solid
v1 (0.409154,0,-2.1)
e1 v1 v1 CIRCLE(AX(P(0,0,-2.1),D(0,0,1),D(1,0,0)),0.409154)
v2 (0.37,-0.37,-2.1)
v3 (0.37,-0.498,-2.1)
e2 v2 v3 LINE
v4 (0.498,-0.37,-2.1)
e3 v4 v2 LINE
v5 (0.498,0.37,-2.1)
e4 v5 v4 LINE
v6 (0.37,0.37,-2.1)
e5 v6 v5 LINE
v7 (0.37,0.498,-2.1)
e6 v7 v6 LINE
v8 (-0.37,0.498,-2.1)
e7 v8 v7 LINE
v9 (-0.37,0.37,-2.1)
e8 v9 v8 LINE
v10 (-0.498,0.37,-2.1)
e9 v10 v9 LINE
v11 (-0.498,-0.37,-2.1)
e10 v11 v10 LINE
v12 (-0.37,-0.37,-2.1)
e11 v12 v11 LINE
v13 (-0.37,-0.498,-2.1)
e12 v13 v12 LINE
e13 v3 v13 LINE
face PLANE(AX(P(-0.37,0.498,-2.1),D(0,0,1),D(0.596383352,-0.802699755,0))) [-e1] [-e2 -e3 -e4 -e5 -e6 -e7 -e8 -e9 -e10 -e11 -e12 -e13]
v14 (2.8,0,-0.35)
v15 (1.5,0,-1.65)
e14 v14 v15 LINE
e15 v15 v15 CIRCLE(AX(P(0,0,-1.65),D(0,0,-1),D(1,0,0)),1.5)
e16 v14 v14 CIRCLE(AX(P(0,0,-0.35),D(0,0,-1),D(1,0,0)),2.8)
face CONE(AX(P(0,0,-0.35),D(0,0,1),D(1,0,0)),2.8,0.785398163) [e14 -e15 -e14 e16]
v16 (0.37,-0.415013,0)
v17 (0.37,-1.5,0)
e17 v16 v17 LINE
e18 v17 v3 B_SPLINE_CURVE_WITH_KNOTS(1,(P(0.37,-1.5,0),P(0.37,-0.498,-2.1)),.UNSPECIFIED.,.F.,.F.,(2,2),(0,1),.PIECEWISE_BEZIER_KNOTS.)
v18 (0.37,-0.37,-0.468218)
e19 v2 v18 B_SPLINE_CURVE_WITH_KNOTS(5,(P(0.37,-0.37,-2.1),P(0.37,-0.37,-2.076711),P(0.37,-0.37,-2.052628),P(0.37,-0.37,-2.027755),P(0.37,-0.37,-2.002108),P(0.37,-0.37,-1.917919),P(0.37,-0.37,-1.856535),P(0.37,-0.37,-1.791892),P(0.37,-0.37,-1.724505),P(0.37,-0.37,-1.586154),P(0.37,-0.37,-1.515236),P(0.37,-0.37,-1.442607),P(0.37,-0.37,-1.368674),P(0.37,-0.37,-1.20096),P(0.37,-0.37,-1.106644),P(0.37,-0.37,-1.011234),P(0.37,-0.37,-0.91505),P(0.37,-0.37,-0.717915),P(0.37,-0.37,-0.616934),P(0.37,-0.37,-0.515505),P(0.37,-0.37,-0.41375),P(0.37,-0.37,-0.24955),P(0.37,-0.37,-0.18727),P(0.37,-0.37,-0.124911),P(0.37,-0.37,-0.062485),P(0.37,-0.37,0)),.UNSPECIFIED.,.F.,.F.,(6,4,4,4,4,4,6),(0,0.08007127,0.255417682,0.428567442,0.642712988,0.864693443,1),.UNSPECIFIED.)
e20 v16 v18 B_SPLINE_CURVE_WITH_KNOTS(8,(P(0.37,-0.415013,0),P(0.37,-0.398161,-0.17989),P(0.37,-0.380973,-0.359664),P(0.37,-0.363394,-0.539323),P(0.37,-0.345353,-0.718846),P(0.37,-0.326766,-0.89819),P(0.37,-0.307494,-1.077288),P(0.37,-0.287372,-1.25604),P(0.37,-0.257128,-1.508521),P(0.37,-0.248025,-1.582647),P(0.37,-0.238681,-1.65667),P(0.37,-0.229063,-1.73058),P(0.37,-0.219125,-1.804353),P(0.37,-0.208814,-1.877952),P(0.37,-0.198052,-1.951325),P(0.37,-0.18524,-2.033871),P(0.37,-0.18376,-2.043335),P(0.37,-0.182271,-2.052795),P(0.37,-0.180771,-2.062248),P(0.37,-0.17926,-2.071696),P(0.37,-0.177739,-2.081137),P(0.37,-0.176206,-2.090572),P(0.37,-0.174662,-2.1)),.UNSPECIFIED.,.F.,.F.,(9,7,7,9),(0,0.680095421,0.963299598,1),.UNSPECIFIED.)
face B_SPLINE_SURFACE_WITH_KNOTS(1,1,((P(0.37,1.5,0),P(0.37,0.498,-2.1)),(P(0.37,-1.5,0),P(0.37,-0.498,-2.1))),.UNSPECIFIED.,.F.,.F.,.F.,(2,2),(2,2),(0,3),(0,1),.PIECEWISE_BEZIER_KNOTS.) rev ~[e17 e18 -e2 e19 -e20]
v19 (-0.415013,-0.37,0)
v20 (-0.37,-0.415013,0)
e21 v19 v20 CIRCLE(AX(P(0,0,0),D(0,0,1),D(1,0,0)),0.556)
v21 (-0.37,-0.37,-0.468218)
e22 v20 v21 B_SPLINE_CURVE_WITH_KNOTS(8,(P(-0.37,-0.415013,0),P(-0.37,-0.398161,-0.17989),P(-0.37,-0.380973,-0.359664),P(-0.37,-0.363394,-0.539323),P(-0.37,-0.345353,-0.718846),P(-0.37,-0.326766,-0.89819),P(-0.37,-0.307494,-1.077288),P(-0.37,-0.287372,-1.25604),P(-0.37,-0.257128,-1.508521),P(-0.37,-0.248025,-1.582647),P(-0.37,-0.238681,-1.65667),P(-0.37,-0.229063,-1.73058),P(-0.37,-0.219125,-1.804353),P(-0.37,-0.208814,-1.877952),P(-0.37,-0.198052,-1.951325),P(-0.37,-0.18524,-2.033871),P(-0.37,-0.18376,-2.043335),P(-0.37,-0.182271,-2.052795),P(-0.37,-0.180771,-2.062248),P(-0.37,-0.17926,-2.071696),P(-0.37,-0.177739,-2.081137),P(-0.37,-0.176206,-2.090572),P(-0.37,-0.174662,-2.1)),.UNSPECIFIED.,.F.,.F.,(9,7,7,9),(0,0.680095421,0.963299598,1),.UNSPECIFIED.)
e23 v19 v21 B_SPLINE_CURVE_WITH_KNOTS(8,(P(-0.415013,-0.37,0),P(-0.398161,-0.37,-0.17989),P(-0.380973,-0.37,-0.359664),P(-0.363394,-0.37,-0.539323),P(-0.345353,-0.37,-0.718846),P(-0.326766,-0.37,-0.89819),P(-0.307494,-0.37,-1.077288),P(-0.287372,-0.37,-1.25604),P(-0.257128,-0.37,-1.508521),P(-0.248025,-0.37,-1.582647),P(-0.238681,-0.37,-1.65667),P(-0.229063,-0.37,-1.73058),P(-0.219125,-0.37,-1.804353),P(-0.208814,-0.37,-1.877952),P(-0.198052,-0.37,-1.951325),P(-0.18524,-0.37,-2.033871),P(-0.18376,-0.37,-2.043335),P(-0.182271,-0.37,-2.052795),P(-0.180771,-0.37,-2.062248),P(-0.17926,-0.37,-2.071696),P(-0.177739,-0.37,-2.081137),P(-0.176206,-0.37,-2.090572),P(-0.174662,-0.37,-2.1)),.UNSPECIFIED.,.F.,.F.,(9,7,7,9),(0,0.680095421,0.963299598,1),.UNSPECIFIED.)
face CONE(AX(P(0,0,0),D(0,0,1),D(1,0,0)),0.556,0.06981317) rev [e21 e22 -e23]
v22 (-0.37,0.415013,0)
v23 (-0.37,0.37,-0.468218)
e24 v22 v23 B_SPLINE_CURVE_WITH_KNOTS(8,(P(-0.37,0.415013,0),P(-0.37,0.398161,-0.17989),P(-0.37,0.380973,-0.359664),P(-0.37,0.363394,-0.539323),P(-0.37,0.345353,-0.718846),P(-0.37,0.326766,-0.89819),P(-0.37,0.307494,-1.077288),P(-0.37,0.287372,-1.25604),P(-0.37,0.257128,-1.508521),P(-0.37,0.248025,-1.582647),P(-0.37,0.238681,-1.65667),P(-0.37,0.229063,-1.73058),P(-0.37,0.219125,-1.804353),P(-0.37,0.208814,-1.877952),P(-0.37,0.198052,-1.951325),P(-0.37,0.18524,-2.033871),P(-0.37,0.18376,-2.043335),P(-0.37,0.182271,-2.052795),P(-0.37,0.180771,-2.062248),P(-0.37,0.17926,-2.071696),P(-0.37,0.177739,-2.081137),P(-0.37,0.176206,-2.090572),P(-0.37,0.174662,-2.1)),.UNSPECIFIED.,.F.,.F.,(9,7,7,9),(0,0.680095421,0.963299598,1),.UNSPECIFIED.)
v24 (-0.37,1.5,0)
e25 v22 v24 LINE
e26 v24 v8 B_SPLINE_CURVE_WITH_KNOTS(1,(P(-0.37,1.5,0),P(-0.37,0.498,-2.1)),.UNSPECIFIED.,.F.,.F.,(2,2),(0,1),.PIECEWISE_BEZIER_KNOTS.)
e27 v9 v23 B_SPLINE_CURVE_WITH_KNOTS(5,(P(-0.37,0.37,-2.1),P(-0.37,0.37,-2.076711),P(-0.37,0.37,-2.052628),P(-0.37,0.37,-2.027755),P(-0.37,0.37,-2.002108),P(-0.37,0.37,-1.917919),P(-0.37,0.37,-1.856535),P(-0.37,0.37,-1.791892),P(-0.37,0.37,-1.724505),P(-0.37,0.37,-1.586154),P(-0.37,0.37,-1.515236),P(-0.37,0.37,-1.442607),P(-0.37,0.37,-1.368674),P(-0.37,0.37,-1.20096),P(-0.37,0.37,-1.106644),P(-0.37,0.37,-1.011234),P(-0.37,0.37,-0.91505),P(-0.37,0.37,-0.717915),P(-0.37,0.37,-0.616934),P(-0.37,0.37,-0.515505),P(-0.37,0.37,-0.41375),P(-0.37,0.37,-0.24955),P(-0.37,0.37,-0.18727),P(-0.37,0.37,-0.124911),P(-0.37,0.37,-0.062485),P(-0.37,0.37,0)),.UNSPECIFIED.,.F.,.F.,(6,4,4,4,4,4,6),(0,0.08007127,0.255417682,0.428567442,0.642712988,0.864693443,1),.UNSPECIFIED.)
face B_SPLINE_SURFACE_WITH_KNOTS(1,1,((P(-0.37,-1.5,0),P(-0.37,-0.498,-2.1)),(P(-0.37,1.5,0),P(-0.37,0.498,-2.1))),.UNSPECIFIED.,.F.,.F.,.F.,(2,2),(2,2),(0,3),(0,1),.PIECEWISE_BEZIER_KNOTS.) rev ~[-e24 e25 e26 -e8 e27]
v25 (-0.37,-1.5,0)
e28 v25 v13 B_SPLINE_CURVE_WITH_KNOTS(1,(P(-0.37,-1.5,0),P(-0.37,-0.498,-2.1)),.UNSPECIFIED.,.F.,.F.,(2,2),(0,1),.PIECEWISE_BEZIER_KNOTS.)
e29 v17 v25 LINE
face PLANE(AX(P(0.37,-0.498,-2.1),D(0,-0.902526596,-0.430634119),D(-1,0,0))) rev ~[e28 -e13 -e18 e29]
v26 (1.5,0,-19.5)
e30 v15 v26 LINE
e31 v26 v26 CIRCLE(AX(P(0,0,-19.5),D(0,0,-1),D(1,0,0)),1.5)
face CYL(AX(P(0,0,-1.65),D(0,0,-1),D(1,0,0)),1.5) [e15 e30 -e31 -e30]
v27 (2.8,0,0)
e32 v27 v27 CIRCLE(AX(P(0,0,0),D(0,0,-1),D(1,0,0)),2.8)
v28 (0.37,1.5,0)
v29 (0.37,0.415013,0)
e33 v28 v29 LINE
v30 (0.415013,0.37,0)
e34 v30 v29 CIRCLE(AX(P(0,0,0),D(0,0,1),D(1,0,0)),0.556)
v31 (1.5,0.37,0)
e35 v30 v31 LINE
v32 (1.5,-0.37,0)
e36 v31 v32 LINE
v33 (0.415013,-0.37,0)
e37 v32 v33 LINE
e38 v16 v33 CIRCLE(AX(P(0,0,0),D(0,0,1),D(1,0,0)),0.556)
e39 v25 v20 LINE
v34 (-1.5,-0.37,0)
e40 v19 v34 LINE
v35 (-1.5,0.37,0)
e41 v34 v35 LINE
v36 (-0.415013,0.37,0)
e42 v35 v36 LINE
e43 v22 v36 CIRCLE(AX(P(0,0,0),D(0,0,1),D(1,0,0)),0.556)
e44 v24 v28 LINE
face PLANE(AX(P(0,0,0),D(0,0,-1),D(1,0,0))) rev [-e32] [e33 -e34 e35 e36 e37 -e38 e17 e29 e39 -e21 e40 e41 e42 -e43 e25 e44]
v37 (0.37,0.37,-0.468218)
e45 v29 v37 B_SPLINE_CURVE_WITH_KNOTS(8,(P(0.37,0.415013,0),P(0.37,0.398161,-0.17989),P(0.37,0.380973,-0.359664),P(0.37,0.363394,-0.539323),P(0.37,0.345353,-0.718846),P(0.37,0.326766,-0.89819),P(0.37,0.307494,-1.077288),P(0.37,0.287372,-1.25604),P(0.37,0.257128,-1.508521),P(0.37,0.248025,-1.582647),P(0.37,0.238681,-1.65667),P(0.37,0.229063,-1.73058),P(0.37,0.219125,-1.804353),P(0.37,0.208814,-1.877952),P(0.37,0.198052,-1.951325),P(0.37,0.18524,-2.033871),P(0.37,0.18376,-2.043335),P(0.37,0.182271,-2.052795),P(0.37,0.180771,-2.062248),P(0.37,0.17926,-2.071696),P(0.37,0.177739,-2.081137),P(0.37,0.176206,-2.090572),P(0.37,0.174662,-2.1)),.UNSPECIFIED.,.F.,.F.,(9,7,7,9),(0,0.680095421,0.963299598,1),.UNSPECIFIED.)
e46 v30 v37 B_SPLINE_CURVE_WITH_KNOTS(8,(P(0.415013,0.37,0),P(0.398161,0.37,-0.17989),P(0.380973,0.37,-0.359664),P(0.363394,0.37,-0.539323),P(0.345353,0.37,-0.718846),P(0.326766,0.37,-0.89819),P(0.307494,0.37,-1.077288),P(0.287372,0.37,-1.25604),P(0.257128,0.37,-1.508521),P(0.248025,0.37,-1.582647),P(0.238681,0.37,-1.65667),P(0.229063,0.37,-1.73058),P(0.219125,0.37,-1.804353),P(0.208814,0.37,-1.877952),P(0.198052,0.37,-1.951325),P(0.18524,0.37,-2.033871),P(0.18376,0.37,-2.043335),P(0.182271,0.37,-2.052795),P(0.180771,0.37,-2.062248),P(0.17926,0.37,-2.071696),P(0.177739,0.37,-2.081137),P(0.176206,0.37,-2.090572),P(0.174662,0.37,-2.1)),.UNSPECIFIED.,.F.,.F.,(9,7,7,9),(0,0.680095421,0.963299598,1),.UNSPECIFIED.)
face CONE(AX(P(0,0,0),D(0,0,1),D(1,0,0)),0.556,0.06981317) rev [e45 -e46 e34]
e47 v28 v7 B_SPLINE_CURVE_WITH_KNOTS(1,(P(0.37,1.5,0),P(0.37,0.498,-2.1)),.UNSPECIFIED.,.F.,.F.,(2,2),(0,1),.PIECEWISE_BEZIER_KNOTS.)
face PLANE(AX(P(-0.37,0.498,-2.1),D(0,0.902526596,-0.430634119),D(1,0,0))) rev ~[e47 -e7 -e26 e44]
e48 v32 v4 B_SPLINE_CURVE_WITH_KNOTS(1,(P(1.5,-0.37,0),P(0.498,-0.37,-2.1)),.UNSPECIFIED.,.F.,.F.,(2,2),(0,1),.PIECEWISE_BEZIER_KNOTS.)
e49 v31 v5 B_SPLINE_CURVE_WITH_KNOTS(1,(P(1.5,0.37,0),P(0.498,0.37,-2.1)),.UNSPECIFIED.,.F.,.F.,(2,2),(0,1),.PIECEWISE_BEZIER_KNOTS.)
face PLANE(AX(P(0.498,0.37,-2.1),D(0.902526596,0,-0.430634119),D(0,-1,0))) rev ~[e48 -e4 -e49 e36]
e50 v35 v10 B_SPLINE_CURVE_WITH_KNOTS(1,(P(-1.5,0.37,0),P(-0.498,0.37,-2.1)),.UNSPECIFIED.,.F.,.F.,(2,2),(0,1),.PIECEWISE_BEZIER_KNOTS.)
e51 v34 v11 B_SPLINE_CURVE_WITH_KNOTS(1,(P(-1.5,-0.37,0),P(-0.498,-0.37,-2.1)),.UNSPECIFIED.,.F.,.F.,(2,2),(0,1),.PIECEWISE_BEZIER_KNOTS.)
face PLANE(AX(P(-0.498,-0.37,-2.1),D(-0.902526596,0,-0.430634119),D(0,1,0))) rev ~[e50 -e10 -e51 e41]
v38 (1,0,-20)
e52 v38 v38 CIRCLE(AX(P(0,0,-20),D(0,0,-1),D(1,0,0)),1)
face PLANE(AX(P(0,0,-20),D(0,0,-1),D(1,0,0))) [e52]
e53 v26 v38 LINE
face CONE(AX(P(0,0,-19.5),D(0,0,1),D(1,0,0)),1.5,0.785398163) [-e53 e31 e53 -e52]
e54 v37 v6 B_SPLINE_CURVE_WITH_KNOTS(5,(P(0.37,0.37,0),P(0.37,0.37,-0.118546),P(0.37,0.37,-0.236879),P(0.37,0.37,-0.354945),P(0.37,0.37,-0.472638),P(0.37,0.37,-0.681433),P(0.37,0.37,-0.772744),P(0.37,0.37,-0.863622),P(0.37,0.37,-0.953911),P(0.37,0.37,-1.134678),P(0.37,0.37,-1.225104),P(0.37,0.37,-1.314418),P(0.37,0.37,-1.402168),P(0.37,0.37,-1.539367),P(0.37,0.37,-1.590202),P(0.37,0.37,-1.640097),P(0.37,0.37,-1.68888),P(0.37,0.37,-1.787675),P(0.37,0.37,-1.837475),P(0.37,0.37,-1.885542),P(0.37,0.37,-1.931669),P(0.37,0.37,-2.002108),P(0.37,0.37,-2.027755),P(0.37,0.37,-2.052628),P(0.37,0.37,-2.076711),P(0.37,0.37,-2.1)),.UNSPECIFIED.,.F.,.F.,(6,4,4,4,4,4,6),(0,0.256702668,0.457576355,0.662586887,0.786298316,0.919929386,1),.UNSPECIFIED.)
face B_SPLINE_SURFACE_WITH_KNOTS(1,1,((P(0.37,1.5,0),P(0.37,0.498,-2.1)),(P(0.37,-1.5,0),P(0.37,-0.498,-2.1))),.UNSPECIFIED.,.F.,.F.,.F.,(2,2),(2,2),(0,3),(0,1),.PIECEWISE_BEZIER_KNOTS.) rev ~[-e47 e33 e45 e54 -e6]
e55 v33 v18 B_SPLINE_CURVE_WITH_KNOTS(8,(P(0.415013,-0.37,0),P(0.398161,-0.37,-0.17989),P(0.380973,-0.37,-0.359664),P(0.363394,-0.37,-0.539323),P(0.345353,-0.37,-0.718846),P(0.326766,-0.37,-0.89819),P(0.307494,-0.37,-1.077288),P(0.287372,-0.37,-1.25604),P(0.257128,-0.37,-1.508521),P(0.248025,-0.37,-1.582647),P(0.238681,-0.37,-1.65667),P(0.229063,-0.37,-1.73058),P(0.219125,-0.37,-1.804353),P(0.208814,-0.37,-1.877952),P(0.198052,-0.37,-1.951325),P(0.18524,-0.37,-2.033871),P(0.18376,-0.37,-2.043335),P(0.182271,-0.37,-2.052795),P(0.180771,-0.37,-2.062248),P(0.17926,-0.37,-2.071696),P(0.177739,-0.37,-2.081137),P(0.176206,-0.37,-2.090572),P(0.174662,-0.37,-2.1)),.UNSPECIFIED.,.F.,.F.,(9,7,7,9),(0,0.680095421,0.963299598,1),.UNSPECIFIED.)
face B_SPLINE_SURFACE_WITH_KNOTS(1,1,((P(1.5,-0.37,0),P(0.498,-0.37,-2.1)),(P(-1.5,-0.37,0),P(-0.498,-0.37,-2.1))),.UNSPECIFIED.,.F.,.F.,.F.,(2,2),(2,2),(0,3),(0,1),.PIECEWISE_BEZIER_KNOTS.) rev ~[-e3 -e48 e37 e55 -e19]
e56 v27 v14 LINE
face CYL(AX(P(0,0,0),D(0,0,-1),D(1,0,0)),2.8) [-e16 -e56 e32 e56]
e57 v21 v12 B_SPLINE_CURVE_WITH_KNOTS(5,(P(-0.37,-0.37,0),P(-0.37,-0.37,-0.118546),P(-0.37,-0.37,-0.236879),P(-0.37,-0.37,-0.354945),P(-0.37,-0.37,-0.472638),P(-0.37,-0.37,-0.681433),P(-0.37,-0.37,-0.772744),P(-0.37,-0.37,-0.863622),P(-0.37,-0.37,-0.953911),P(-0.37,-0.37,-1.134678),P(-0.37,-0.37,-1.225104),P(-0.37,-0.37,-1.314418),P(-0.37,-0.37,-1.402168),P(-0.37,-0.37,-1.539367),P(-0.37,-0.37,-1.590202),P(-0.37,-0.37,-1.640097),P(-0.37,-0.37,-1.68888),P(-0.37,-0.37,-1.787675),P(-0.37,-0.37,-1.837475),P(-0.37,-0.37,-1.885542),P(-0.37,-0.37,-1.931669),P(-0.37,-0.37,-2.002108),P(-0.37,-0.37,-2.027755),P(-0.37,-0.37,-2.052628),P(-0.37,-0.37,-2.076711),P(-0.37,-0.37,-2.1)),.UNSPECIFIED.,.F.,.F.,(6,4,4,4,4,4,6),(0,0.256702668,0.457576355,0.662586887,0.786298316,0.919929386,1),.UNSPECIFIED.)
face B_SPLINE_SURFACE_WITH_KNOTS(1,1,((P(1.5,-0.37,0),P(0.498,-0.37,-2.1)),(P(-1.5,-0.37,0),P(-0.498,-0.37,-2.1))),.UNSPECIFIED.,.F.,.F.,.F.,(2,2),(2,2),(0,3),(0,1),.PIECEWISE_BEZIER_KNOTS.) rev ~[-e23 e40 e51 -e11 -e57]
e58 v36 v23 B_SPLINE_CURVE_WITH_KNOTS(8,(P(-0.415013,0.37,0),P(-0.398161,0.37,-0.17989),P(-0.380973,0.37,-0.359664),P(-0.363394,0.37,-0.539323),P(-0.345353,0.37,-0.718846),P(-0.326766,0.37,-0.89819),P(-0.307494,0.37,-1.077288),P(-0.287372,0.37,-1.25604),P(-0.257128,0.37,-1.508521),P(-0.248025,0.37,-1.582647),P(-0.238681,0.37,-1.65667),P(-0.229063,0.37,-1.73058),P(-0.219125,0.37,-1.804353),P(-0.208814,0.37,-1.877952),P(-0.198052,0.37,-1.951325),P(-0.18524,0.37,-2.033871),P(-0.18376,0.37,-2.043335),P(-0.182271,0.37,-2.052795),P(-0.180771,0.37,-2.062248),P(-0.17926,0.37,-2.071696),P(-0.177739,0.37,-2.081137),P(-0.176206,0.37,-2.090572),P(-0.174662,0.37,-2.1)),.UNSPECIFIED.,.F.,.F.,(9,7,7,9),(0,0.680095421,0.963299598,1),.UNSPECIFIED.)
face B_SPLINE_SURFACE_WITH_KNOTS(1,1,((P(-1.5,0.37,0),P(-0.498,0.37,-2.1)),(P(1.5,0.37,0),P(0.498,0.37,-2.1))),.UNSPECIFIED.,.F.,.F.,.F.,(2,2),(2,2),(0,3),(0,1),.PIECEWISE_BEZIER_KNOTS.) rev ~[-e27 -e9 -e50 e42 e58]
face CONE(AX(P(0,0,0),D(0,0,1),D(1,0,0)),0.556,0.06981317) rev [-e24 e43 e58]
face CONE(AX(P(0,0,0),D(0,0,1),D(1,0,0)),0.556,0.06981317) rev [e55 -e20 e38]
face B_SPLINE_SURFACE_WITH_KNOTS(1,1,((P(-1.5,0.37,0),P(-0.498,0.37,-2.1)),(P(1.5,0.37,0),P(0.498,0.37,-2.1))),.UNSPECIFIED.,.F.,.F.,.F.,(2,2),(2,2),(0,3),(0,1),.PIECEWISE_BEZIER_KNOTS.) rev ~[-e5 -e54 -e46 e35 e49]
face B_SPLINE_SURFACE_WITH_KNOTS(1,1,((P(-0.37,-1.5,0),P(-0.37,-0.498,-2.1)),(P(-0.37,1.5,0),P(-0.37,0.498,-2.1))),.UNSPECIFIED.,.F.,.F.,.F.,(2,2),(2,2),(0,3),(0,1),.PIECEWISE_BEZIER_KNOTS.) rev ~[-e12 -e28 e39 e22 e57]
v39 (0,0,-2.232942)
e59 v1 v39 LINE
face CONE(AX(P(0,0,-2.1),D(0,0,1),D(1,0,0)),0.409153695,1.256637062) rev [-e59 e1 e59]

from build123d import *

# Parameters (mm, degrees)
PATTERN_CIRCULAR_1_COUNT = 2
PATTERN_CIRCULAR_1_ANGLE = 90
CHAMFER_1_SIZE           = 0.5
MOVE_BODY_1_ANGLE        = 90


with BuildPart() as part:
    # Эскиз1 → Повернуть1 (revolve)
    with BuildSketch(Plane.XY, mode=Mode.PRIVATE) as revolve_1_sk:
        Polygon((0, 2.8), (0.35, 2.8), (1.65, 1.5), (20, 1.5), (20, 0), (0, 0), align=None)
    revolve(revolve_1_sk.sketch.rotate(Axis((-6.35, 0, 0), (1, 0, 0)), 90), axis=Axis((-6.35, 0, 0), (1, 0, 0)))

    # Эскиз2 → Вырез-По сечениям1 section 0
    with BuildSketch(Plane.ZY):
        with BuildLine():
            Line((-0.37, 1.5), (0.37, 1.5))
            Line((0.37, 1.5), (0.37, -1.5))
            Line((0.37, -1.5), (-0.37, -1.5))
            Line((-0.37, -1.5), (-0.37, 1.5))
        make_face()
    # Эскиз3 → Вырез-По сечениям1 section 1
    with BuildSketch(Plane.ZY.offset(-2.1)):
        with BuildLine():
            Line((-0.37, 0.498), (0.37, 0.498))
            Line((0.37, 0.498), (0.37, -0.498))
            Line((0.37, -0.498), (-0.37, -0.498))
            Line((-0.37, -0.498), (-0.37, 0.498))
        make_face()
    loft_1 = loft(mode=Mode.SUBTRACT)

    # Круговой массив1: Вырез-По сечениям1 ×2 about axis
    pattern_circular_1_axis = Axis((0, 0, 0), (-1, 0, 0))
    for i in range(1, PATTERN_CIRCULAR_1_COUNT):
        add(loft_1.rotate(pattern_circular_1_axis, i * PATTERN_CIRCULAR_1_ANGLE / (PATTERN_CIRCULAR_1_COUNT - 1)), mode=Mode.SUBTRACT)

    # Эскиз4 → Вырез-Повернуть1 (revolve, cut)
    with BuildSketch(Plane.XY, mode=Mode.PRIVATE) as cut_revolve_1_sk:
        Polygon((0, 0), (0, 0.556), (2.1, 0.409153695), (2.232942094, 0), align=None)
    revolve(cut_revolve_1_sk.sketch.rotate(Axis((-0.899228133, 0, 0), (-1, 0, 0)), 270), axis=Axis((-0.899228133, 0, 0), (-1, 0, 0)), mode=Mode.SUBTRACT)

    # Фаска1
    chamfer_1_edges = [part.edges().sort_by_distance(p)[0] for p in [
        (20, 0, -1.5),
    ]]
    chamfer(chamfer_1_edges, length=CHAMFER_1_SIZE)


with BuildPart() as part_1:
    # Move Body 1: moved
    add(part.part.rotate(Axis((0, 0, 0), (0, 1, 0)), MOVE_BODY_1_ANGLE))


solid = part_1.part
